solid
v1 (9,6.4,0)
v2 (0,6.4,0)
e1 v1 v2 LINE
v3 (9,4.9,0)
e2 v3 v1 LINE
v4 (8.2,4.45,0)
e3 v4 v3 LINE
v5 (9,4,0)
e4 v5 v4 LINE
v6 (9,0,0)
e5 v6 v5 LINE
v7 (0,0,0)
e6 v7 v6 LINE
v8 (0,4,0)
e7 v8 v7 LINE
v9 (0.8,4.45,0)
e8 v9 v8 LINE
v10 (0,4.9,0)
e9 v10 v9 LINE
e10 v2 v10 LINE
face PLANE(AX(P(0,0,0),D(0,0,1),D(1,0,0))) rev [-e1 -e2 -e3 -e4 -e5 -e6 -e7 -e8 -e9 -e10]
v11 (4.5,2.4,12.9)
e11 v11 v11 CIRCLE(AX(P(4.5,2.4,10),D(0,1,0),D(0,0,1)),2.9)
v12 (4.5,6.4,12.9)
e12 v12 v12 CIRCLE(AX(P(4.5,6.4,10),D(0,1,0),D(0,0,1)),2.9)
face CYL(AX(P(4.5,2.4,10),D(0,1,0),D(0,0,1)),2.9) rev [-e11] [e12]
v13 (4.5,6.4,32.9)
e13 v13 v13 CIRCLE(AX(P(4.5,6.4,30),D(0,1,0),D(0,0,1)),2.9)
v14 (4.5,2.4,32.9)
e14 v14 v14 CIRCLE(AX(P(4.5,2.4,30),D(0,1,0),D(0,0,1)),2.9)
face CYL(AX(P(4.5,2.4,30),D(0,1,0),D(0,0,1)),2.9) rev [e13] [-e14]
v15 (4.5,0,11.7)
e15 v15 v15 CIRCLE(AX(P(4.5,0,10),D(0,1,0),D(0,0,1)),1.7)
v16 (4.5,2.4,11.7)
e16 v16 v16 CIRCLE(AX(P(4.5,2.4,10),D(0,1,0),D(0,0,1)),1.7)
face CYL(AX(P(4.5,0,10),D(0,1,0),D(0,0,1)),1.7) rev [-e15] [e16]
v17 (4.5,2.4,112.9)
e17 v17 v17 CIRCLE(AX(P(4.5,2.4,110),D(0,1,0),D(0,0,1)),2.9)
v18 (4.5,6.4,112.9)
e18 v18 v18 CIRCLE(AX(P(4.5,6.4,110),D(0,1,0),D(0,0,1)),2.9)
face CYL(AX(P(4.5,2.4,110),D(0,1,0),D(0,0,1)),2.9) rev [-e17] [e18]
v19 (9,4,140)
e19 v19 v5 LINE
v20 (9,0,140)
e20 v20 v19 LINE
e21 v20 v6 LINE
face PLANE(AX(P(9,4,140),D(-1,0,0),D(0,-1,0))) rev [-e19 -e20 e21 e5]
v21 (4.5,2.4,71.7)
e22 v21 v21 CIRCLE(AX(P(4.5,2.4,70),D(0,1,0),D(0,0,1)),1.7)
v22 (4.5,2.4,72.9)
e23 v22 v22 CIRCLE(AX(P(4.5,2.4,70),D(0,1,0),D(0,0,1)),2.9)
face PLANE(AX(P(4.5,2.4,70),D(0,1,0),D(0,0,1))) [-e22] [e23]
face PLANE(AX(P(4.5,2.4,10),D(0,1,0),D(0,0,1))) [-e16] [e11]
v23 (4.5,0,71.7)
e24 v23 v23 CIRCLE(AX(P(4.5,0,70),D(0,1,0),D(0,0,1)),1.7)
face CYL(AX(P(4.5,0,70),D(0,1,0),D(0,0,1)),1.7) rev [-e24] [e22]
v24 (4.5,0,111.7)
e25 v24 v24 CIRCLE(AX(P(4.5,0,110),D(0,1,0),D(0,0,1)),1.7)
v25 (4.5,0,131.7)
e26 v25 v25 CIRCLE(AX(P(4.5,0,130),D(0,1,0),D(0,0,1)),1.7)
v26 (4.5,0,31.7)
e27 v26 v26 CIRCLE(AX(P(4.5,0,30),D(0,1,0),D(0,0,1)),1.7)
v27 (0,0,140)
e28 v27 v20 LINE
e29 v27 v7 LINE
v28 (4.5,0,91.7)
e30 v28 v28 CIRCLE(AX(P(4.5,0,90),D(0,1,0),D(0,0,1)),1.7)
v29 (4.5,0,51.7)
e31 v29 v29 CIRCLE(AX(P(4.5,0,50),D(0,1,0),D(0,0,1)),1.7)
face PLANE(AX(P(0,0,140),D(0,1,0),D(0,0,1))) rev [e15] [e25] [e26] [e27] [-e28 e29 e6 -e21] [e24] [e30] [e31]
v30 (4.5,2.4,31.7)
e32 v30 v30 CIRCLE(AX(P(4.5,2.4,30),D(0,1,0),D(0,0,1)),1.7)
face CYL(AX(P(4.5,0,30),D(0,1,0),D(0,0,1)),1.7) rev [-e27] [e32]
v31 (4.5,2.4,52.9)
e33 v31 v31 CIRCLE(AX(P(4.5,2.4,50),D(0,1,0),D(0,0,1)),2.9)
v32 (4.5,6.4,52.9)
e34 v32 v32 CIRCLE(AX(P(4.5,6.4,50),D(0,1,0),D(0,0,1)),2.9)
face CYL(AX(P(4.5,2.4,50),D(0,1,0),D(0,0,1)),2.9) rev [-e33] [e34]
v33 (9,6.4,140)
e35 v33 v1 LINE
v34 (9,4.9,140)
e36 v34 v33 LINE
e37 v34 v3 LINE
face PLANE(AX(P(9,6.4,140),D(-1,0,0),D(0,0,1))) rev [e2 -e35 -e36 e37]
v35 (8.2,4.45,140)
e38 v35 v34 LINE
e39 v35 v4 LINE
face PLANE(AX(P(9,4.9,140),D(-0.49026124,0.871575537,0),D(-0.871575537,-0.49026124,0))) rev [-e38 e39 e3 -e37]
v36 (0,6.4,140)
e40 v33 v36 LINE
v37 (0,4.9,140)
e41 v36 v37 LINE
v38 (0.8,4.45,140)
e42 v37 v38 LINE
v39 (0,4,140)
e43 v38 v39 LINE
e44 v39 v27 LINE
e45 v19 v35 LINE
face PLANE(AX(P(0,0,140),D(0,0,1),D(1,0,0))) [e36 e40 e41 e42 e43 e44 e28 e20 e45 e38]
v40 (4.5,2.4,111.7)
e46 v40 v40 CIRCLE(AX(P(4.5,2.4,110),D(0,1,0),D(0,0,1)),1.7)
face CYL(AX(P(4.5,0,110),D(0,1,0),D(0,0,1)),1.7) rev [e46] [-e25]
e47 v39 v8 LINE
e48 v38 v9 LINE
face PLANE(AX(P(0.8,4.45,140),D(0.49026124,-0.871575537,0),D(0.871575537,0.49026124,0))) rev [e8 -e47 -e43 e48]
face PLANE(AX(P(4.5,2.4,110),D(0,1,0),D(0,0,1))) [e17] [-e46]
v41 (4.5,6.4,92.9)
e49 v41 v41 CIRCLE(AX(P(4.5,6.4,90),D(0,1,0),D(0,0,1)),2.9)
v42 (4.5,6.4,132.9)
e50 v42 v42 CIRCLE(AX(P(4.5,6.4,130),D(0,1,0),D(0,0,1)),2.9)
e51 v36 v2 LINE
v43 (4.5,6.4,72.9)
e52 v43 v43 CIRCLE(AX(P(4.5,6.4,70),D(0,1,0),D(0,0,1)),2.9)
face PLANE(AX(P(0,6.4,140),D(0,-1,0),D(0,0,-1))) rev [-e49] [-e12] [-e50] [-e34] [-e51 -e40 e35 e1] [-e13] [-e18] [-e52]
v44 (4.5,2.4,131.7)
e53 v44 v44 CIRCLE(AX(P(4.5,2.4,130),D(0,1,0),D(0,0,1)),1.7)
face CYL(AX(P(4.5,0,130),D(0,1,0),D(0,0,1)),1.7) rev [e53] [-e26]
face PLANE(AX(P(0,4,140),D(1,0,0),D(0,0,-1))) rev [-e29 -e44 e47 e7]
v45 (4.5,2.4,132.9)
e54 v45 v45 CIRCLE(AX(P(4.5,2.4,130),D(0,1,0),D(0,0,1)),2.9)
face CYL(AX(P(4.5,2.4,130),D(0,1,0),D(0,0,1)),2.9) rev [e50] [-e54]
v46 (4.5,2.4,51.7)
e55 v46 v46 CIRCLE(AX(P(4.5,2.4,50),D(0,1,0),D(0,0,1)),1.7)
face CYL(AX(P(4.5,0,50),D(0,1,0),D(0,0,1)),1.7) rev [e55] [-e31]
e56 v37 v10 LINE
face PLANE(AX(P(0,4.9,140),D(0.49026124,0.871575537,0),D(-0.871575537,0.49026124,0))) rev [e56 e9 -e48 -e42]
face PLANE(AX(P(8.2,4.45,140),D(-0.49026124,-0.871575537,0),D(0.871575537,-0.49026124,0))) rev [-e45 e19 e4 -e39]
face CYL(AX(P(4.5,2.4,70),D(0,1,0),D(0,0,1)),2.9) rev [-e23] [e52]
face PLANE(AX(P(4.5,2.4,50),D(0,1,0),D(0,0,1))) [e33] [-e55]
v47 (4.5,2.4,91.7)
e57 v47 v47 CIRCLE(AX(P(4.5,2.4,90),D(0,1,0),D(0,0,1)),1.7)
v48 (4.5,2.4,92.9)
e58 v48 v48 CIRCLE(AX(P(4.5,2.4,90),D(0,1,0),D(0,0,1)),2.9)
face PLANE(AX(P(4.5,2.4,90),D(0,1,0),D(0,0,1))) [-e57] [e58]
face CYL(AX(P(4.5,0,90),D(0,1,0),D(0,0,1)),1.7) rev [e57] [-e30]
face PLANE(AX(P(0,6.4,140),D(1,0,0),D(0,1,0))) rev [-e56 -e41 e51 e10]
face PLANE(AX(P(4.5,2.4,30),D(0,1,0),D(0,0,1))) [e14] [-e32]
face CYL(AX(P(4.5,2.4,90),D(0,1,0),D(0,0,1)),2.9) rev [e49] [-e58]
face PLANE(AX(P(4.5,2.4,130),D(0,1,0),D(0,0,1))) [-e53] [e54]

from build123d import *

# Parameters (mm, degrees)
BOSS_EXTRUDE1_DEPTH = 140
SKETCH2_R           = 2.9
CUT_EXTRUDE1_DEPTH  = 4
SKETCH3_R           = 1.7
CUT_EXTRUDE2_DEPTH  = 141.346001012


with BuildPart() as part:
    # Sketch1 → Boss-Extrude1 (new body)
    with BuildSketch(Plane.XY):
        Polygon((9, 6.4), (9, 4.9), (8.2, 4.45), (9, 4), (9, 0), (0, 0), (0, 4), (0.8, 4.45), (0, 4.9), (0, 6.4), align=None)
    extrude(amount=BOSS_EXTRUDE1_DEPTH)

    # Sketch2 → Cut-Extrude1 (cut)
    with BuildSketch(Plane(origin=(0, 6.4, 0), x_dir=(1, 0, 0), z_dir=(0, 1, 0))):
        with Locations(Location((4.5, -130, 0), (0, 0, 270))):
            Circle(SKETCH2_R)
        with Locations(Location((4.5, -110, 0), (0, 0, 270))):
            Circle(SKETCH2_R)
        with Locations(Location((4.5, -90, 0), (0, 0, 270))):
            Circle(SKETCH2_R)
        with Locations(Location((4.5, -70, 0), (0, 0, 270))):
            Circle(SKETCH2_R)
        with Locations(Location((4.5, -50, 0), (0, 0, 270))):
            Circle(SKETCH2_R)
        with Locations(Location((4.5, -30, 0), (0, 0, 270))):
            Circle(SKETCH2_R)
        with Locations(Location((4.5, -10, 0), (0, 0, 270))):
            Circle(SKETCH2_R)
    extrude(amount=-CUT_EXTRUDE1_DEPTH, mode=Mode.SUBTRACT)

    # Sketch3 → Cut-Extrude2 (cut, through all)
    with BuildSketch(Plane(origin=(0, 2.4, 0), x_dir=(1, 0, 0), z_dir=(0, 1, 0))):
        with Locations(Location((4.5, -130, 0), (0, 0, 270))):
            Circle(SKETCH3_R)
        with Locations(Location((4.5, -110, 0), (0, 0, 270))):
            Circle(SKETCH3_R)
        with Locations(Location((4.5, -90, 0), (0, 0, 270))):
            Circle(SKETCH3_R)
        with Locations(Location((4.5, -70, 0), (0, 0, 270))):
            Circle(SKETCH3_R)
        with Locations(Location((4.5, -50, 0), (0, 0, 270))):
            Circle(SKETCH3_R)
        with Locations(Location((4.5, -30, 0), (0, 0, 270))):
            Circle(SKETCH3_R)
        with Locations(Location((4.5, -10, 0), (0, 0, 270))):
            Circle(SKETCH3_R)
    extrude(amount=-CUT_EXTRUDE2_DEPTH, mode=Mode.SUBTRACT)


solid = part.part
